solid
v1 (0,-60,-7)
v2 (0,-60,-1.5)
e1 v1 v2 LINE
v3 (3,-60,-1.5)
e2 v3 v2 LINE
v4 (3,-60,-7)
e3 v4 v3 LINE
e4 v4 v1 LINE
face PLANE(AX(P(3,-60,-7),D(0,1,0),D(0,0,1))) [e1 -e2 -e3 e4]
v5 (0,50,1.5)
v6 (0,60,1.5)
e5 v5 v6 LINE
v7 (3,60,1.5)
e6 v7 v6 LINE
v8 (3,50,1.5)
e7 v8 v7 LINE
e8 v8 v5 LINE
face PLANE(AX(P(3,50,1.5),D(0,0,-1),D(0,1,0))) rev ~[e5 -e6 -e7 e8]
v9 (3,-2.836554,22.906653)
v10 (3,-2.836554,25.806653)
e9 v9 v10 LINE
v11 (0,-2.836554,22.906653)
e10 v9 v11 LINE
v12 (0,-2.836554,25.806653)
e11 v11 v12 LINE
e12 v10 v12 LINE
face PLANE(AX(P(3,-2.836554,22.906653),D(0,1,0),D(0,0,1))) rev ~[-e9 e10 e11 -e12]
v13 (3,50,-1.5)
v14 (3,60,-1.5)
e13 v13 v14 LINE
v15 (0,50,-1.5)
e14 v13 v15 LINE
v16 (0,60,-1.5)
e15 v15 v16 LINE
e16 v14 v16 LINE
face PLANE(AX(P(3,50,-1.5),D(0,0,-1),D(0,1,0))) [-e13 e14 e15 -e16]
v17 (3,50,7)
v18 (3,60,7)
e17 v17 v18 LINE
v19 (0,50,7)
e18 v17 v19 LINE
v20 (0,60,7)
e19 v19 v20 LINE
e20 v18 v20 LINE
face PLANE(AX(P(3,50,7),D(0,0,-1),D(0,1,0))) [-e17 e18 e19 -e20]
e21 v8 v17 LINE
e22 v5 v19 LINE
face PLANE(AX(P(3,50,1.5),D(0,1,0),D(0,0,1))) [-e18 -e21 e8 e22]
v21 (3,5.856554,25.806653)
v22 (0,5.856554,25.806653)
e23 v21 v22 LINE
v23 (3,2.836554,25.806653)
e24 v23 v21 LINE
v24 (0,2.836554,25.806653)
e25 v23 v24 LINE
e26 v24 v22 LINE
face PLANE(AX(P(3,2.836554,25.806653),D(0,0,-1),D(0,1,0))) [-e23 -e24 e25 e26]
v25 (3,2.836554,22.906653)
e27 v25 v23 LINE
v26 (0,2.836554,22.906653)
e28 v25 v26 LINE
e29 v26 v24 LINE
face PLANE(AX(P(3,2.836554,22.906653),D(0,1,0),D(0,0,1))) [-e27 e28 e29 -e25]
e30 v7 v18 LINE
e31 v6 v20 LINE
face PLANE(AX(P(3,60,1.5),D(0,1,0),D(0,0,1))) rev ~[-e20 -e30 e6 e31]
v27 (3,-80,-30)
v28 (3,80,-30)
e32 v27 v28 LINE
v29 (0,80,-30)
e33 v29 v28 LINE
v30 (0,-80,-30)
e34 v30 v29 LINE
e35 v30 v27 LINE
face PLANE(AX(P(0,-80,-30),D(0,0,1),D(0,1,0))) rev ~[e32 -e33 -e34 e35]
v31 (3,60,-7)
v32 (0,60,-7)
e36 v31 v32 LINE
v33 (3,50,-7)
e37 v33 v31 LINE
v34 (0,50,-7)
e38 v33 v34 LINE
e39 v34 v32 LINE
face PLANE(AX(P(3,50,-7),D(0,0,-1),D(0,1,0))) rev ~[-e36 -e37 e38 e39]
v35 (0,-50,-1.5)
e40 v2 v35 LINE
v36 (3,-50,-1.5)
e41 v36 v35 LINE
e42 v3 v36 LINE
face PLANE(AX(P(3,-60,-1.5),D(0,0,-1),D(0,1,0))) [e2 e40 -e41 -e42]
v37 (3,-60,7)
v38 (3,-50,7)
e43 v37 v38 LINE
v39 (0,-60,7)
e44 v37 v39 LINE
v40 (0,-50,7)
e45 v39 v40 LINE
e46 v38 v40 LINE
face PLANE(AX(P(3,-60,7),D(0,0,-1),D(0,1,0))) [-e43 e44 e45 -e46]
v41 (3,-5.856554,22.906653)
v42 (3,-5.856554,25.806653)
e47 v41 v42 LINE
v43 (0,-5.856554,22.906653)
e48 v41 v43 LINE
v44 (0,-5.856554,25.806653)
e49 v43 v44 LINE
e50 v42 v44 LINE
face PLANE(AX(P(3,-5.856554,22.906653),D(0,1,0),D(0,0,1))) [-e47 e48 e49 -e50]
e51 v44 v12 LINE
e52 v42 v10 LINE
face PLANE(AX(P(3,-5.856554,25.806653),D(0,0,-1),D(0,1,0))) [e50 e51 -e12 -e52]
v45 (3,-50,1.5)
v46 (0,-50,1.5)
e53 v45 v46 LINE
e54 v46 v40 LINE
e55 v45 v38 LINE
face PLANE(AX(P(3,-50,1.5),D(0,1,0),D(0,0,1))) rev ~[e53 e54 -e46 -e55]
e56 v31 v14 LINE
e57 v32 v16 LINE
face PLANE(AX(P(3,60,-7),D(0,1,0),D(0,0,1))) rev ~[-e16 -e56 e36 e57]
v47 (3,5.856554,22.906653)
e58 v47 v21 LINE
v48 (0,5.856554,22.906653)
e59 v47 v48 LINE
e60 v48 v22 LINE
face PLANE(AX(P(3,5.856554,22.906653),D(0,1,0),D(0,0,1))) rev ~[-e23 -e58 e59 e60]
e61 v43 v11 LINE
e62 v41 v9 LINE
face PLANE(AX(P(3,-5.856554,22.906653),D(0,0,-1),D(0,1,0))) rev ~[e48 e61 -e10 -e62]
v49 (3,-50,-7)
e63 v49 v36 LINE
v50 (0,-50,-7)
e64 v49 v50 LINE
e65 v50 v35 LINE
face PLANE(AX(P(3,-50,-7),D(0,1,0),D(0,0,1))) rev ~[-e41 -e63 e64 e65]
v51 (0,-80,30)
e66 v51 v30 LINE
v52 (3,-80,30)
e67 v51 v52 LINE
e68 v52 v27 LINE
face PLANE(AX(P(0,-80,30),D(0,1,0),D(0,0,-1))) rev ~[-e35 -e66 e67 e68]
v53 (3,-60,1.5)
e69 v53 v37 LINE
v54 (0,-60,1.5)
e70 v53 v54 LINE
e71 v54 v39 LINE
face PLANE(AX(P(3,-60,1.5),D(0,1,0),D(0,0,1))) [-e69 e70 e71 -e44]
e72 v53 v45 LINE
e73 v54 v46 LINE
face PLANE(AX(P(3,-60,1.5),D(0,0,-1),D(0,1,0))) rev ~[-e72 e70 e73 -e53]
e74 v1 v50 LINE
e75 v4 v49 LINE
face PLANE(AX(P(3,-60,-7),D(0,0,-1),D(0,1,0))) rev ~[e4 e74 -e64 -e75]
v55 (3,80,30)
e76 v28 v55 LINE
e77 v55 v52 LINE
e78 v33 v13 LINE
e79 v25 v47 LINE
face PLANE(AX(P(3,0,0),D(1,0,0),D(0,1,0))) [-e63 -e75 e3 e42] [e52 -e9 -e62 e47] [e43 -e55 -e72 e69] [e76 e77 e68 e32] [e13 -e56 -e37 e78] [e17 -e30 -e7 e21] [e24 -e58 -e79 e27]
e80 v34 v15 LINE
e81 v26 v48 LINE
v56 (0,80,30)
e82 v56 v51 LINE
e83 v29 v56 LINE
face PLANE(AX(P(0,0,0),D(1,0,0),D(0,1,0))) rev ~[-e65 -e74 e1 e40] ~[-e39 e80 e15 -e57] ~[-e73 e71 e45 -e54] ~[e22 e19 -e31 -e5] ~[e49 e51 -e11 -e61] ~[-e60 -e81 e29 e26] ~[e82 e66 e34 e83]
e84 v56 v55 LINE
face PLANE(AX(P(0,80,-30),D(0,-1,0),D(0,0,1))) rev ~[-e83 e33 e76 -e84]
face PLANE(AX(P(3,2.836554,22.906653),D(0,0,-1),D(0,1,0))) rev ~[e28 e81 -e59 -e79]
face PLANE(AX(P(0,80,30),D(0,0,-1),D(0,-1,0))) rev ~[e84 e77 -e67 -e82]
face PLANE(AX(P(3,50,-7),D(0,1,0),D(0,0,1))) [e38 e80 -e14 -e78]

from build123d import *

# Parameters (mm, degrees)
F1_DEPTH = 3
F2_W     = 10
F2_H     = 5.5
F3_DEPTH = 25
F4_W     = 3.02
F4_H     = 2.9
F5_DEPTH = 25


with BuildPart() as f1:
    # F0 (on Right) → F1 (new body)
    with BuildSketch(Plane.YZ):
        Polygon((80, 30), (0, 30), (-80, 30), (-80, -30), (0, -30), (80, -30), align=None)
    extrude(amount=F1_DEPTH)

    # F2 (on face) → F3 (cut)
    with BuildSketch(Plane.YZ.offset(3)):
        with Locations((-55, -4.25)):
            Rectangle(F2_W, F2_H)
        with Locations((-55, 4.25)):
            Rectangle(F2_W, F2_H)
        with Locations((55, 4.25)):
            Rectangle(F2_W, F2_H)
        with Locations((55, -4.25)):
            Rectangle(F2_W, F2_H)
    extrude(amount=-F3_DEPTH, mode=Mode.SUBTRACT)

    # F4 (on face) → F5 (cut)
    with BuildSketch(Plane.YZ.offset(3)):
        with Locations((-4.346554, 24.356653)):
            Rectangle(F4_W, F4_H)
        with Locations((4.346554, 24.356653)):
            Rectangle(F4_W, F4_H)
    extrude(amount=-F5_DEPTH, mode=Mode.SUBTRACT)


solid = f1.part
